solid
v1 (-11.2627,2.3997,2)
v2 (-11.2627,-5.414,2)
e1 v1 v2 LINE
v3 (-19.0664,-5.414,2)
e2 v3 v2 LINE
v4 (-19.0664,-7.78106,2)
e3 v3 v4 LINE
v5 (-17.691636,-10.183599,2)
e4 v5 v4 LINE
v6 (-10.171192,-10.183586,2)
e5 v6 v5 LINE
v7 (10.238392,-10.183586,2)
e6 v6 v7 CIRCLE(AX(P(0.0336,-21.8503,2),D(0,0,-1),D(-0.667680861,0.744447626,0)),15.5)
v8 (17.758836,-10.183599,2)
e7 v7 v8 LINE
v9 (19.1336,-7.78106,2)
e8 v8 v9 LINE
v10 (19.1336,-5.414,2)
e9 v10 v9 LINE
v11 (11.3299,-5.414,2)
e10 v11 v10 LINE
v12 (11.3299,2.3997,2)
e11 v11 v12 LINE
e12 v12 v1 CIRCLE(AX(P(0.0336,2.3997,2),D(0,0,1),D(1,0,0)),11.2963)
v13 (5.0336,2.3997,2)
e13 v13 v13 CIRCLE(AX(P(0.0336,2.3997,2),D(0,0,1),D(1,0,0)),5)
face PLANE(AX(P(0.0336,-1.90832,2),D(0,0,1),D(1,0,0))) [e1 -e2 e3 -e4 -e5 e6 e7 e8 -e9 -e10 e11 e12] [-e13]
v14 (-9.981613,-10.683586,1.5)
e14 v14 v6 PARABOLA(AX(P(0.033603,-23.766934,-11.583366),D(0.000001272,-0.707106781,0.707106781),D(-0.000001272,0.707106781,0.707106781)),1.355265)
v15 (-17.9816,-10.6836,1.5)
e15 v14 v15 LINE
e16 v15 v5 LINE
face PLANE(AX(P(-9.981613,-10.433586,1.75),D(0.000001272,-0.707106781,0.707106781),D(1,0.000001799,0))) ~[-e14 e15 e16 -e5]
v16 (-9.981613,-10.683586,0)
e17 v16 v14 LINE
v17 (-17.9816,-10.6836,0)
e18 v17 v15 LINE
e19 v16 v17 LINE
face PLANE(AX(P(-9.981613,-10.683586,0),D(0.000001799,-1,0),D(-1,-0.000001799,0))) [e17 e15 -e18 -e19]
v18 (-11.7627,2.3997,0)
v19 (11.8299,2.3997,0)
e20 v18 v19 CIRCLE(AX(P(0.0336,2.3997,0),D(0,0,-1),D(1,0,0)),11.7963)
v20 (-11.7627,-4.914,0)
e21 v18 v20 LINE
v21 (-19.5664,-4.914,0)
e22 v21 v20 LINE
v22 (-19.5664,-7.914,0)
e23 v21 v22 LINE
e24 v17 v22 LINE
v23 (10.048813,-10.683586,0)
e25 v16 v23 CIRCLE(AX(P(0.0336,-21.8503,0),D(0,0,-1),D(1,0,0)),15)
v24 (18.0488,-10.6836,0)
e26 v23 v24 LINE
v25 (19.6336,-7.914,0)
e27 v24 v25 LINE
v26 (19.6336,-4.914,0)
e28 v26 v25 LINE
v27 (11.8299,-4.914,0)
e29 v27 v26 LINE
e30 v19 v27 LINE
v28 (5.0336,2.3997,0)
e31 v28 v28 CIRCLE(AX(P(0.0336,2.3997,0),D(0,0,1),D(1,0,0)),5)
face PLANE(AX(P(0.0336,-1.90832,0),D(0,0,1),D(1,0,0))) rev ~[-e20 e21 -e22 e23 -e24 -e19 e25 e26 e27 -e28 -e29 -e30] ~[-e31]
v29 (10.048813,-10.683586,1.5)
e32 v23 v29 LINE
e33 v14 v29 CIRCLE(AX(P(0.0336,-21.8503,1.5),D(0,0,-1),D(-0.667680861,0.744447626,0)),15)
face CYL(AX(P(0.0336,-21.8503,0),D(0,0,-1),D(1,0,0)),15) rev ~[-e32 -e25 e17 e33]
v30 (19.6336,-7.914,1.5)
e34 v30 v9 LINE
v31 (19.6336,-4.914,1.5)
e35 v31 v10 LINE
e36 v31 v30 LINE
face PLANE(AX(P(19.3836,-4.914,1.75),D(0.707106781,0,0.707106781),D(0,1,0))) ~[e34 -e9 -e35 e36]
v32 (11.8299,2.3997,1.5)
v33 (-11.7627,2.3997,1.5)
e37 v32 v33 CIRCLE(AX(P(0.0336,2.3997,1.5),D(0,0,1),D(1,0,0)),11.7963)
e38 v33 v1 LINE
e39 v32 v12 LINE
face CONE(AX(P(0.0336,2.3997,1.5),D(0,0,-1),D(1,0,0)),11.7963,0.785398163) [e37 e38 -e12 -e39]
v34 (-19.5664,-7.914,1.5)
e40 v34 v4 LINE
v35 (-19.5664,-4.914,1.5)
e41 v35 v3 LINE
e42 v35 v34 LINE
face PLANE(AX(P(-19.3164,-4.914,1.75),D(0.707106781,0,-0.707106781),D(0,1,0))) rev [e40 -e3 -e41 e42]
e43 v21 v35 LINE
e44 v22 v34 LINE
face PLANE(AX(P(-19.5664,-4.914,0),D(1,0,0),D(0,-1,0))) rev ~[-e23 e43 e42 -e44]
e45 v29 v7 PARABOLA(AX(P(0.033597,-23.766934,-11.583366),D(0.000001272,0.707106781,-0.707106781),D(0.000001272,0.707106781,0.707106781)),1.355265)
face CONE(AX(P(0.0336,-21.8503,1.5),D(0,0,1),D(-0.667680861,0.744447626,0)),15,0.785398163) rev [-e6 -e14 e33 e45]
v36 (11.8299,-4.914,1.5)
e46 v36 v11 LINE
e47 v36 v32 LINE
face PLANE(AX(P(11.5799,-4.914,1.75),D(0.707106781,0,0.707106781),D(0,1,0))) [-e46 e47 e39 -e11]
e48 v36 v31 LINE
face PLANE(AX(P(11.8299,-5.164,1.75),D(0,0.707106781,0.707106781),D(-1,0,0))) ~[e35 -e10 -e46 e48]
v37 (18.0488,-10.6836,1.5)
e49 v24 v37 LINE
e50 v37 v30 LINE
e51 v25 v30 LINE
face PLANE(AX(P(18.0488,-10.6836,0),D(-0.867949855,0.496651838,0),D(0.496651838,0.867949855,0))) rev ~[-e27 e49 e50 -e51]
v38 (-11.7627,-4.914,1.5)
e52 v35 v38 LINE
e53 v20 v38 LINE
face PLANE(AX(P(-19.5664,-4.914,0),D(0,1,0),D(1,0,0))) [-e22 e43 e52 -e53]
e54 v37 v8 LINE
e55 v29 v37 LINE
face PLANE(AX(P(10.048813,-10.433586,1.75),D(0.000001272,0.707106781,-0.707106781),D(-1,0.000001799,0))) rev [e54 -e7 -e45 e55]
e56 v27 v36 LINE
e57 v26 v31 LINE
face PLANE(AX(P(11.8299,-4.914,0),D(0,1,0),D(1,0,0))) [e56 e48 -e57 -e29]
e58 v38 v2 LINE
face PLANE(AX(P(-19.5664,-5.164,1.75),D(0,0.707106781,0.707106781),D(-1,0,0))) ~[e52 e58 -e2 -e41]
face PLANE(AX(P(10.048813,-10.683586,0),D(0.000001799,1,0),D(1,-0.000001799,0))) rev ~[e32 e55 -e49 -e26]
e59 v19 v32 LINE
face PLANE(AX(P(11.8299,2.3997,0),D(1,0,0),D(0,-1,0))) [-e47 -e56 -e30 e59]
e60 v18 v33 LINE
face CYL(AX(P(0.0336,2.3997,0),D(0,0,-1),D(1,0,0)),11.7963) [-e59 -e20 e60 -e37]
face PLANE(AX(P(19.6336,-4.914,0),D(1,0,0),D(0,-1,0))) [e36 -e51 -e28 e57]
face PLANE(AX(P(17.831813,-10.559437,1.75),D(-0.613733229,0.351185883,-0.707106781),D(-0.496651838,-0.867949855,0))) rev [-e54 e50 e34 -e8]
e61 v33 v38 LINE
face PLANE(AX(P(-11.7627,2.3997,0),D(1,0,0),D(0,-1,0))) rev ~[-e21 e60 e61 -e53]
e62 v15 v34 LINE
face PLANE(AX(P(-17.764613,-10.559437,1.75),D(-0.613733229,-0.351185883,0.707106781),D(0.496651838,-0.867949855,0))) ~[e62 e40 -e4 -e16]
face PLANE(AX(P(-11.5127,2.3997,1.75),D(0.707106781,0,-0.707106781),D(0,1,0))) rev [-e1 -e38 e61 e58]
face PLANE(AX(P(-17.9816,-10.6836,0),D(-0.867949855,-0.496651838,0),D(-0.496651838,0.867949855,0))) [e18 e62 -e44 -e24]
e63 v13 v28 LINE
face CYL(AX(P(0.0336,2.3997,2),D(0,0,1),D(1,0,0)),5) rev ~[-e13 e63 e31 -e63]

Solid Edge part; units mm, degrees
sketch "Sketch1" plane through (0, 0, 0) normal (0, 0, 1) x (1, 0, 0)
  arc A0 (-9.9816, -10.6836) -> (10.0488, -10.6836) centre (0.0336, -21.8503) cw
  line L0 (10.0488, -10.6836) -> (18.0488, -10.6836)
  line L1 (18.0488, -10.6836) -> (19.6336, -7.914)
  line L2 (19.6336, -4.914) -> (19.6336, -7.914)
  line L3 (11.8299, -4.914) -> (19.6336, -4.914)
  line L4 (11.8299, 2.3997) -> (11.8299, -4.914)
  arc A1 (-11.7627, 2.3997) -> (11.8299, 2.3997) centre (0.0336, 2.3997) cw
  line L5 (-11.7627, 2.3997) -> (-11.7627, -4.914)
  line L6 (-19.5664, -4.914) -> (-11.7627, -4.914)
  line L7 (-19.5664, -4.914) -> (-19.5664, -7.914)
  line L8 (-17.9816, -10.6836) -> (-19.5664, -7.914)
  line L9 (-9.9816, -10.6836) -> (-17.9816, -10.6836)
  dimension "D1" = 3
  dimension "D2" = 8
extrude "Protrusion1" add sketch "Sketch1" along normal blind 2
chamfer "Fase_1" distance 0.5 angle 45 12 edges at (14.0488, -10.6836, 2) (0.0336, -6.8503, 2) (-13.9816, -10.6836, 2) (-18.774, -9.2988, 2) (-19.5664, -6.414, 2) (-15.6646, -4.914, 2) (-11.7627, -1.2572, 2) (0.0336, 14.196, 2) (11.8299, -1.2572, 2) (15.7317, -4.914, 2) (19.6336, -6.414, 2) (18.8412, -9.2988, 2)
sketch "Sketch2" plane through (0.0336, 1.7562, 2) normal (0, 0, 1) x (1, 0, 0)
  circle A0 centre (0, 0.6435) radius 5
  dimension "D1" = 10
extrude "Cutout1" cut sketch "Sketch2" against normal through all
